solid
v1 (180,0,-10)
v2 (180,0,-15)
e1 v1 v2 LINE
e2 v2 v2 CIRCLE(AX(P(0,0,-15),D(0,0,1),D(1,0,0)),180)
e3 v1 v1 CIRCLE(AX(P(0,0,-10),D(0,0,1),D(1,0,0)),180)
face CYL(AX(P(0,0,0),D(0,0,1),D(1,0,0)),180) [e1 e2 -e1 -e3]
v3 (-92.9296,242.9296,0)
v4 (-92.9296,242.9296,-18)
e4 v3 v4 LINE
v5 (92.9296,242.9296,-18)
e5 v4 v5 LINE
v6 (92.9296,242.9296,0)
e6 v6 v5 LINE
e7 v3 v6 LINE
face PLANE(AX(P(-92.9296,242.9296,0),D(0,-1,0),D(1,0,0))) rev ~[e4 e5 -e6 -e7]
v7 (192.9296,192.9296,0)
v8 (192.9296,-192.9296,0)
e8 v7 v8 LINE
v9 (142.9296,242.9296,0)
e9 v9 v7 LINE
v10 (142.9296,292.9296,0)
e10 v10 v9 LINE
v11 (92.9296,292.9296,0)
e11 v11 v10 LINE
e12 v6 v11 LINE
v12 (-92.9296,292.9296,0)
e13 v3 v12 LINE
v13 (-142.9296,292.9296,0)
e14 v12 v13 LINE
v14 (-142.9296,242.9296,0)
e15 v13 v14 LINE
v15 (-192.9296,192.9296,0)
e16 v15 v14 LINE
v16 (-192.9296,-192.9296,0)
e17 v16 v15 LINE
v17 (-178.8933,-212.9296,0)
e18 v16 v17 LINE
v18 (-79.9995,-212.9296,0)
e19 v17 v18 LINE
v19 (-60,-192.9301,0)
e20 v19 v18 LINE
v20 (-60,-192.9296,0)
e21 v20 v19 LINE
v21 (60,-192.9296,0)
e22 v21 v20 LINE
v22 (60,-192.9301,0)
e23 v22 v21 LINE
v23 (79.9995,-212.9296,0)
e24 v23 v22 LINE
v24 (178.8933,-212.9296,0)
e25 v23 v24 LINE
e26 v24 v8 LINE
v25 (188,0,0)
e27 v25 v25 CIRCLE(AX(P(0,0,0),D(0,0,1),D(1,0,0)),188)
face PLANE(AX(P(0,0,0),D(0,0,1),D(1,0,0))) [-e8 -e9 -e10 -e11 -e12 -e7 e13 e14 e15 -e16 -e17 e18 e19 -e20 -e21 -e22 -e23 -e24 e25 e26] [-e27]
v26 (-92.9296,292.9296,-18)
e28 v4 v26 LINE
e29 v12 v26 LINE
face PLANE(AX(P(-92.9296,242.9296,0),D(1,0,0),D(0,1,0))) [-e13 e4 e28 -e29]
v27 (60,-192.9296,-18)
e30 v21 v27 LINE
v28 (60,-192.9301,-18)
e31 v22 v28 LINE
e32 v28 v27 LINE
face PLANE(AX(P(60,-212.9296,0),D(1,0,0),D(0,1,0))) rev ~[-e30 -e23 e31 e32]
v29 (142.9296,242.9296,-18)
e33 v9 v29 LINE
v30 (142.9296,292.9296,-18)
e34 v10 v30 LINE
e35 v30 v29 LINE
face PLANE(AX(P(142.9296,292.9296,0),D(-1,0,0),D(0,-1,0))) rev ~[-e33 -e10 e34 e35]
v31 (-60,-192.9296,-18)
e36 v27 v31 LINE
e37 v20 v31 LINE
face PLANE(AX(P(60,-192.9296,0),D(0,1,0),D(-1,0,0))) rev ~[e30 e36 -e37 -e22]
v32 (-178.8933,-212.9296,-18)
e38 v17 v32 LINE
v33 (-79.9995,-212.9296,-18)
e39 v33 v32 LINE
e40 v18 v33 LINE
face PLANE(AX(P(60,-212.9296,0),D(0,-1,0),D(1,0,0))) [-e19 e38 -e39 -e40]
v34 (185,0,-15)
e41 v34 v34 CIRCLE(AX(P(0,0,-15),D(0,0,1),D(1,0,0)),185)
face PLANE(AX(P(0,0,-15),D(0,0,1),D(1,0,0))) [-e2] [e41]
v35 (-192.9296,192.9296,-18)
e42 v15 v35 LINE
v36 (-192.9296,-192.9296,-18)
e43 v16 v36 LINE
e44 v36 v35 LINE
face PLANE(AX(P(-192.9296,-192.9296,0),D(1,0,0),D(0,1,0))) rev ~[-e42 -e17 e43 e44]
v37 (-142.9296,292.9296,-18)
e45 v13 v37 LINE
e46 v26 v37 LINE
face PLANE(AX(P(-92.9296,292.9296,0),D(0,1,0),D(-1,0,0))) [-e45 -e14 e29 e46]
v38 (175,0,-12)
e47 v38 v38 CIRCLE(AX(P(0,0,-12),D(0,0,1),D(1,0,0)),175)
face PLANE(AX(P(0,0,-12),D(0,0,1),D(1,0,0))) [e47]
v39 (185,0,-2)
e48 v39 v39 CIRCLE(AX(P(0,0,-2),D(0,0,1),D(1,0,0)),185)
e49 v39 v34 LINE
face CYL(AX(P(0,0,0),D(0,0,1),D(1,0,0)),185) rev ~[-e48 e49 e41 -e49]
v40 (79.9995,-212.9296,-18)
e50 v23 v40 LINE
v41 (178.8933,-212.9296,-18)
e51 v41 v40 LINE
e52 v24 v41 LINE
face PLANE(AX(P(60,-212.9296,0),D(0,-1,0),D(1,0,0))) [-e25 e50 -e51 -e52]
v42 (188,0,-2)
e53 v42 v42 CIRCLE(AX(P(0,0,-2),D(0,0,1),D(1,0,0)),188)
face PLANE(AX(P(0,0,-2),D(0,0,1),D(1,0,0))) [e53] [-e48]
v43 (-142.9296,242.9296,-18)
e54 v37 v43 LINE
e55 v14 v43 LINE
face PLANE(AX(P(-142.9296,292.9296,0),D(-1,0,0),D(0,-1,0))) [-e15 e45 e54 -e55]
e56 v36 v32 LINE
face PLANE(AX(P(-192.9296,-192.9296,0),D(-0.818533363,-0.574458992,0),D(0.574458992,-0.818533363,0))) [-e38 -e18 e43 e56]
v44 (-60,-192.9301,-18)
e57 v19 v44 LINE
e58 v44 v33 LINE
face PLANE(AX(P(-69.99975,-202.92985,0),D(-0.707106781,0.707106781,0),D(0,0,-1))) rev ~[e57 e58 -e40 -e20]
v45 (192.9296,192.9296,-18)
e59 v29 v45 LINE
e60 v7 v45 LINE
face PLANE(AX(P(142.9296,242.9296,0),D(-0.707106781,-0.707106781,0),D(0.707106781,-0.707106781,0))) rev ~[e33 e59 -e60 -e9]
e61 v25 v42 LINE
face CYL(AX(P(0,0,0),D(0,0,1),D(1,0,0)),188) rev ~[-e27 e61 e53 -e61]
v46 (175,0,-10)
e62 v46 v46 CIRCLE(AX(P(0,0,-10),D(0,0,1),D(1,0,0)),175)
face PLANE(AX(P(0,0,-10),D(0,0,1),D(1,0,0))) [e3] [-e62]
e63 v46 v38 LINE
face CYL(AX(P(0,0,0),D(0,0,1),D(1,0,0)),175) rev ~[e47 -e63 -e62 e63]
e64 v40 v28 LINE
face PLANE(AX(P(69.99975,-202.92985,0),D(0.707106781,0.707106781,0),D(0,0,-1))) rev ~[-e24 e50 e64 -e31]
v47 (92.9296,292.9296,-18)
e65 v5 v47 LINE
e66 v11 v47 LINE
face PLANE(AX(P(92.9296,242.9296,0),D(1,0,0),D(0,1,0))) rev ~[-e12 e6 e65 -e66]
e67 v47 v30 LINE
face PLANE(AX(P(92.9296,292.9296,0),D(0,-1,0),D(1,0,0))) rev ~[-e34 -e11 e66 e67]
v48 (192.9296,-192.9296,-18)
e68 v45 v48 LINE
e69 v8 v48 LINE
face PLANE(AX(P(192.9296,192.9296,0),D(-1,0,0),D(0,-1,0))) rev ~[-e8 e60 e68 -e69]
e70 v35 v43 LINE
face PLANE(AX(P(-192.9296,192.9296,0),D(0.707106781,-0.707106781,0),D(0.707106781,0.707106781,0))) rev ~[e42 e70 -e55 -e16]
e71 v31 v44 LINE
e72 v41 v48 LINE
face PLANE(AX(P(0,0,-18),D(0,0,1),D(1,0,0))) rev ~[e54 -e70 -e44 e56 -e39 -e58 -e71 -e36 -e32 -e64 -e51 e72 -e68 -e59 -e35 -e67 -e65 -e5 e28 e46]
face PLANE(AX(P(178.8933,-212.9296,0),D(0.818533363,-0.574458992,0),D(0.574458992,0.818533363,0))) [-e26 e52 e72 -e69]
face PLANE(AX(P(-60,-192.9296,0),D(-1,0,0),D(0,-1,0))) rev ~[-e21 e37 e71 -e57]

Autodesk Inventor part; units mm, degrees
ref_plane "YZ Plane" through (0, 0, 0) normal (1, 0, 0) x (0, 1, 0)
ref_plane "XZ Plane" through (0, 0, 0) normal (0, 1, 0) x (-1, 0, 0)
ref_plane "XY Plane" through (0, 0, 0) normal (0, 0, 1) x (1, 0, 0)
sketch "Sketch1" plane through (0, 0, 0) normal (0, 0, 1) x (1, 0, 0)
  circle A0 centre (0, 0) radius 165
  circle A1 centre (0, 0) radius 175
  line L0 (-192.9296, 192.9296) -> (192.9296, 192.9296)
  line L1 (192.9296, 192.9296) -> (192.9296, -192.9296)
  line L2 (192.9296, -192.9296) -> (-192.9296, -192.9296)
  line L3 (-192.9296, -192.9296) -> (-192.9296, 192.9296)
  line L4 (-192.9296, -192.9296) -> (-178.8933, -212.9296)
  line L5 (-178.8933, -212.9296) -> (178.8933, -212.9296)
  line L6 (178.8933, -212.9296) -> (192.9296, -192.9296)
  line L7 (-192.9296, 192.9296) -> (-142.9296, 242.9296)
  line L8 (-142.9296, 242.9296) -> (142.9296, 242.9296)
  line L9 (142.9296, 242.9296) -> (192.9296, 192.9296)
  line L10 (-142.9296, 242.9296) -> (-92.9296, 242.9296)
  line L11 (-92.9296, 242.9296) -> (-92.9296, 292.9296)
  line L12 (-92.9296, 292.9296) -> (-142.9296, 292.9296)
  line L13 (-142.9296, 292.9296) -> (-142.9296, 242.9296)
  line L14 (142.9296, 242.9296) -> (92.9296, 242.9296)
  line L15 (92.9296, 242.9296) -> (92.9296, 292.9296)
  line L16 (92.9296, 292.9296) -> (142.9296, 292.9296)
  line L17 (142.9296, 292.9296) -> (142.9296, 242.9296)
  line L18 (-60, -212.9296) -> (60, -212.9296)
  line L19 (60, -212.9296) -> (60, -192.9296)
  line L20 (60, -192.9296) -> (-60, -192.9296)
  line L21 (-60, -192.9296) -> (-60, -212.9296)
  circle A2 centre (0, 0) radius 185
  circle A3 centre (0, 0) radius 180
  circle A4 centre (0, 0) radius 188
  point P0 (0, 192.9296)
  point P1 (-192.9296, 0)
  point P2 (0, 242.9296)
  point P3 (0, -212.9296)
  dimension "d0" = 330
  dimension "d1" = 10
  dimension "d2" = 54.938
  dimension "d3" = 54.938
  dimension "d4" = 20
  dimension "d5" = 45
  dimension "d6" = 45
  dimension "d7" = 50
  dimension "d12" = 120
  dimension "d15" = 10
  dimension "d16" = 5
  dimension "d21" = 3
  dimension "d27" = 50
extrude "Extrusion1" add sketch "Sketch1" against normal blind 18 contours A0 | A1 | L7 L8 L9 L0 | L0 L1 L2 L3 | L2 L21 L5 L4 | L13 L12 L11 L8 | L6 L5 L19 L2 | L8 L15 L16 L17 | L2 L19 L5 L21 | A2 | A3 | A4
extrude "Extrusion2" cut sketch "Sketch1" against normal blind 12 contours A0 | A1
extrude "Extrusion3" cut sketch "Sketch1" against normal blind 18 contours L2 L19 L5 L21
extrude "Extrusion4" cut sketch "Sketch1" against normal blind 15 contours A2
extrude "Extrusion5" cut sketch "Sketch1" against normal blind 10 contours A3
extrude "Extrusion6" cut sketch "Sketch1" against normal blind 2 contours A4
chamfer "Chamfer1" distance 20 angle 45 2 edges at (-60, -212.9296, -9) (60, -212.9296, -9)
equation "\"d3\" = d2"
properties part number "Base"
